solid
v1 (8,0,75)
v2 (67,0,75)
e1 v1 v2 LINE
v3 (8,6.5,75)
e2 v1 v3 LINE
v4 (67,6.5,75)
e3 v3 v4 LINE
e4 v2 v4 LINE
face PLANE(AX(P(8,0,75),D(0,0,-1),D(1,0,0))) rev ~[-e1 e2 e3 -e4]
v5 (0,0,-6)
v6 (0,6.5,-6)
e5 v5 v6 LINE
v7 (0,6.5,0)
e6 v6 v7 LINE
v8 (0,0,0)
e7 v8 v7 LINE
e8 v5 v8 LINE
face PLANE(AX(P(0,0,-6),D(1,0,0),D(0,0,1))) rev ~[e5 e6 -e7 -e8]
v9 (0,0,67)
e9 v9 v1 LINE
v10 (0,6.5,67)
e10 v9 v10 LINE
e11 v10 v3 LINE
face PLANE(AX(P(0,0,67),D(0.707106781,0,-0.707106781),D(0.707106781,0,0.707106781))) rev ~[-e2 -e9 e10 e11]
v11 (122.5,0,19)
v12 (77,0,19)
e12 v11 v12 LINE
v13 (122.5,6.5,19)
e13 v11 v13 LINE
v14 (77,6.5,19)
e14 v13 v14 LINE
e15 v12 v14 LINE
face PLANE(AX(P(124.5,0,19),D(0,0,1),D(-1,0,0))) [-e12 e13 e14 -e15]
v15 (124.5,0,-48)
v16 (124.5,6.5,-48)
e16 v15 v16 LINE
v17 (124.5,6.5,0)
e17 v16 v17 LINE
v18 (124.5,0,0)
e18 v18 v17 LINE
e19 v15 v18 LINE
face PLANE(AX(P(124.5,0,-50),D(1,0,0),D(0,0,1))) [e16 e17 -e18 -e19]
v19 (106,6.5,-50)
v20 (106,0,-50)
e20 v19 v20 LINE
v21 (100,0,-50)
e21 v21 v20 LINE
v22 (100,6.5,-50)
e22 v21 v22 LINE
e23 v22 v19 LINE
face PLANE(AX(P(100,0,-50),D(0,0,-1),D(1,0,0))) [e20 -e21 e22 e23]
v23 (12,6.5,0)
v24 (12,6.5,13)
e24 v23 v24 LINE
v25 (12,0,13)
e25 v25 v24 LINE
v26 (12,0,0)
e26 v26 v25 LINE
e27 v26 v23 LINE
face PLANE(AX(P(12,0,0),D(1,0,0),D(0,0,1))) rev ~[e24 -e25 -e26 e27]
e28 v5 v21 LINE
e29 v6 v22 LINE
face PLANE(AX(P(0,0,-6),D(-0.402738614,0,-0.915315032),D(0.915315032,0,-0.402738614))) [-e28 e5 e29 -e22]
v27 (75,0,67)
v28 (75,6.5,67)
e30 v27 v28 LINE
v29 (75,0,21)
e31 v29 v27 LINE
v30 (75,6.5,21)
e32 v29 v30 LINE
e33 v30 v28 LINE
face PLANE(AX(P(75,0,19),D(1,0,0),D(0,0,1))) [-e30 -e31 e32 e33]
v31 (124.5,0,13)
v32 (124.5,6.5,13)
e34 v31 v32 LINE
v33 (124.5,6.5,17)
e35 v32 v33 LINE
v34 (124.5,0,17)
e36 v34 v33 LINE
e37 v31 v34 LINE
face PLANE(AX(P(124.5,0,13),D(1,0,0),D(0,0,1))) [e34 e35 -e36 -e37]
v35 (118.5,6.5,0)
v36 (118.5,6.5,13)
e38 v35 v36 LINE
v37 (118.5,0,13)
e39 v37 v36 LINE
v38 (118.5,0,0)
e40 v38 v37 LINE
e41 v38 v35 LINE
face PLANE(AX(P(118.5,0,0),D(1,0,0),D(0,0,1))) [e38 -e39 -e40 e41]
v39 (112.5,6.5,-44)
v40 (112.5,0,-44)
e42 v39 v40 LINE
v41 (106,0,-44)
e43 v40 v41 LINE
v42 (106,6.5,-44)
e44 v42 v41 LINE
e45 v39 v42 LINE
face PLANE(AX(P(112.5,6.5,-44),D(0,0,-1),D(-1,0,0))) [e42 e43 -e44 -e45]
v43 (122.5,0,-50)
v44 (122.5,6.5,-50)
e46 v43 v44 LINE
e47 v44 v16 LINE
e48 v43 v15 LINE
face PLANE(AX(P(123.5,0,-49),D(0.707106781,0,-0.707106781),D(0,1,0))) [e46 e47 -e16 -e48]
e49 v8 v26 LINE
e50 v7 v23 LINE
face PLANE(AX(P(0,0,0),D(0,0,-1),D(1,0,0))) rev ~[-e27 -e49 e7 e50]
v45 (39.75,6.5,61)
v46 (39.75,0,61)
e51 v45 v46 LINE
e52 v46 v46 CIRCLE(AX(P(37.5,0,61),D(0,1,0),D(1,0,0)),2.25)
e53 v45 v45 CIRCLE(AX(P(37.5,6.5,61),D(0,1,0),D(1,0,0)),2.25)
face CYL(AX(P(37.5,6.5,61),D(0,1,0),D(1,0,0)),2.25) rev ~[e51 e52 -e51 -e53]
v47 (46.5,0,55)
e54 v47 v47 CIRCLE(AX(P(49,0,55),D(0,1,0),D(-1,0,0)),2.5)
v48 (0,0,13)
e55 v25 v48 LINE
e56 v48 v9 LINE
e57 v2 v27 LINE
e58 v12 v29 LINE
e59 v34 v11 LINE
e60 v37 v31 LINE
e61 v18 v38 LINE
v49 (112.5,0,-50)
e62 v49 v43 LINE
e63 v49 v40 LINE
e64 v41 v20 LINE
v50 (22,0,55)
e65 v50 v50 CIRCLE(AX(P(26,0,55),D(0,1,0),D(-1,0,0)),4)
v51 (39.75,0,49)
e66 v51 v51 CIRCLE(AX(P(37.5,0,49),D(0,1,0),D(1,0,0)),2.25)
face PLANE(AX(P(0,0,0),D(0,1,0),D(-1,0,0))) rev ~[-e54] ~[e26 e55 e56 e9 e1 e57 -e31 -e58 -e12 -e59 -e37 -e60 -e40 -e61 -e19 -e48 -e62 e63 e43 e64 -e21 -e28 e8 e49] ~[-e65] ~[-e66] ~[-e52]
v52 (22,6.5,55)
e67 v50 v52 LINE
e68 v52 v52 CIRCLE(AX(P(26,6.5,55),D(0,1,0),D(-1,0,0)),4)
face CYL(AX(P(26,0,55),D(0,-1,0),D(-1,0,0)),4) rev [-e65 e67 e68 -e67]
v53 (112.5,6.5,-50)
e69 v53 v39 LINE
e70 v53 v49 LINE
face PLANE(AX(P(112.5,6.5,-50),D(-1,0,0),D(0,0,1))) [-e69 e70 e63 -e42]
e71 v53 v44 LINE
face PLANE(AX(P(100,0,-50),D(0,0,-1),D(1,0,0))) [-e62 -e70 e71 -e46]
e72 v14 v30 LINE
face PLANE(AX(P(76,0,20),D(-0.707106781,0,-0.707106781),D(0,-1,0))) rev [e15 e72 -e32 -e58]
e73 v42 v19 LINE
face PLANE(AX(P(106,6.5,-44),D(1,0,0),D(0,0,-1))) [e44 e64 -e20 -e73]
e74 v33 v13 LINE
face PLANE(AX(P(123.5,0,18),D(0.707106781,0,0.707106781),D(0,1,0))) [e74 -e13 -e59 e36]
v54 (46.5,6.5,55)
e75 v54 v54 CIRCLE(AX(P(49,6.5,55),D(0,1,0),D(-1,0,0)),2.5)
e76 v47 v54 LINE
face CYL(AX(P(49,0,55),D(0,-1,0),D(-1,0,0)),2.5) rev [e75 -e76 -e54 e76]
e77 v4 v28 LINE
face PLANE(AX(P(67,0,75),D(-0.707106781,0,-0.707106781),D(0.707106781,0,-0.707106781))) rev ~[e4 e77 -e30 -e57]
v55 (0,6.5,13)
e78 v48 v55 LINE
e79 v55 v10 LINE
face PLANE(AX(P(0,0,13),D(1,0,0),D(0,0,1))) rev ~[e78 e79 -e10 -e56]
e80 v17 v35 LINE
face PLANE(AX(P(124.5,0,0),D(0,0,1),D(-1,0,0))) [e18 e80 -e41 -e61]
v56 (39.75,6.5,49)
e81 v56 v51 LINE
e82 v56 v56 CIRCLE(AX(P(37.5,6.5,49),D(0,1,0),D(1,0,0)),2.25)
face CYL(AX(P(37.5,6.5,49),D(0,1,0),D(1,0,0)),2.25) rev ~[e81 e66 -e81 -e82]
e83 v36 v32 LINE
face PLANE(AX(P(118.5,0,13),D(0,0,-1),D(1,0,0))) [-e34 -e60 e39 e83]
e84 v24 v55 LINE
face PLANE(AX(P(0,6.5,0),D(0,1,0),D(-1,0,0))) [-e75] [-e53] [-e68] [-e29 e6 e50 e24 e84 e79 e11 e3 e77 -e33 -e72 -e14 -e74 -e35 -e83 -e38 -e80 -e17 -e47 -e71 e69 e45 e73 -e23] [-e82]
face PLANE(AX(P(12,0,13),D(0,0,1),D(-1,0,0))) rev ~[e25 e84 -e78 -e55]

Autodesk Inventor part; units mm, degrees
ref_plane "YZ Plane" through (0, 0, 0) normal (1, 0, 0) x (0, 1, 0)
ref_plane "XZ Plane" through (0, 0, 0) normal (0, 1, 0) x (-1, 0, 0)
ref_plane "XY Plane" through (0, 0, 0) normal (0, 0, 1) x (1, 0, 0)
sketch "Sketch1" plane through (0, 0, 0) normal (0, 1, 0) x (-1, 0, 0)
  line L0 (0, -6) -> (0, 0)
  line L1 (0, 0) -> (-12, 0)
  line L2 (-12, 0) -> (-12, 13)
  line L3 (-12, 13) -> (0, 13)
  line L4 (0, 13) -> (0, 67)
  line L5 (0, 67) -> (-8, 75)
  line L6 (-8, 75) -> (-67, 75)
  line L7 (-67, 75) -> (-75, 67)
  line L8 (0, -6) -> (-100, -50)
  line L9 (-100, -50) -> (-124.5, -50)
  line L10 (-124.5, -50) -> (-124.5, 0)
  line L11 (-124.5, 0) -> (-118.5, 0)
  line L12 (-118.5, 0) -> (-118.5, 13)
  line L13 (-118.5, 13) -> (-124.5, 13)
  line L14 (-124.5, 13) -> (-124.5, 19)
  line L15 (-124.5, 19) -> (-75, 19)
  line L16 (-75, 19) -> (-75, 67)
  circle A0 centre (-26, 55) radius 4
  circle A1 centre (-49, 55) radius 2.5
  line L17 (-106, -50) -> (-112.5, -50) construction
  line L18 (-112.5, -50) -> (-112.5, 13) construction
  line L19 (-112.5, 13) -> (-106, 13) construction
  line L20 (-106, 13) -> (-106, -50) construction
  dimension "d0" = 13
  dimension "d1" = 12
  dimension "d2" = 6
  dimension "d3" = 6
  dimension "d4" = 6
  dimension "d6" = 75
  dimension "d7" = 8
  dimension "d8" = 5
  dimension "d9" = 23
  dimension "d10" = 106.5
  dimension "d11" = 45
  dimension "d12" = 8
  dimension "d13" = 6.5
  dimension "d14" = 6
  dimension "d15" = 6
  dimension "d16" = 42
  dimension "d17" = 20
  dimension "d18" = 50
  dimension "d19" = 26
extrude "Extrusion1" add sketch "Sketch1" along normal blind 6.5
sketch "Sketch3" plane through (0, 6.5, 0) normal (0, 1, 0) x (1, 0, 0)
  line L0 (124.5, 0) -> (124.5, 50) projected
  line L1 (124.5, 50) -> (100, 50) projected
  line L2 (106, 50) -> (112.5, 50)
  line L3 (112.5, 50) -> (112.5, 44)
  line L4 (112.5, 44) -> (106, 44)
  line L5 (106, 44) -> (106, 50)
  dimension "d27" = 6
  dimension "d28" = 6.5
  dimension "d29" = 12
extrude "Extrusion3" cut sketch "Sketch3" against normal through all
chamfer "Chamfer1" distance 2 angle 45 3 edges at (75, 3.25, 19) (124.5, 3.25, 19) (124.5, 3.25, -50)
sketch "Sketch4" plane through (0, 6.5, 0) normal (0, 1, 0) x (1, 0, 0)
  line L0 (124.5, 0) -> (124.5, 48) projected
  circle A0 centre (26, -55) radius 4 projected
  circle A1 centre (49, -55) radius 2.5 projected
  circle A2 centre (37.5, -49) radius 2.25
  circle A3 centre (37.5, -61) radius 2.25
  line L1 (37.5, -49) -> (37.5, -61) construction
  line L2 (26, -55) -> (49, -55) construction
  point P0 (37.5, -55)
  dimension "d35" = 12
  dimension "d36" = 4.5
extrude "Extrusion4" cut sketch "Sketch4" against normal through all contours A2 | A3
equation "\"d2\" = d3"
equation "\"d4\" = d3"
properties part number "z_axis_top"
